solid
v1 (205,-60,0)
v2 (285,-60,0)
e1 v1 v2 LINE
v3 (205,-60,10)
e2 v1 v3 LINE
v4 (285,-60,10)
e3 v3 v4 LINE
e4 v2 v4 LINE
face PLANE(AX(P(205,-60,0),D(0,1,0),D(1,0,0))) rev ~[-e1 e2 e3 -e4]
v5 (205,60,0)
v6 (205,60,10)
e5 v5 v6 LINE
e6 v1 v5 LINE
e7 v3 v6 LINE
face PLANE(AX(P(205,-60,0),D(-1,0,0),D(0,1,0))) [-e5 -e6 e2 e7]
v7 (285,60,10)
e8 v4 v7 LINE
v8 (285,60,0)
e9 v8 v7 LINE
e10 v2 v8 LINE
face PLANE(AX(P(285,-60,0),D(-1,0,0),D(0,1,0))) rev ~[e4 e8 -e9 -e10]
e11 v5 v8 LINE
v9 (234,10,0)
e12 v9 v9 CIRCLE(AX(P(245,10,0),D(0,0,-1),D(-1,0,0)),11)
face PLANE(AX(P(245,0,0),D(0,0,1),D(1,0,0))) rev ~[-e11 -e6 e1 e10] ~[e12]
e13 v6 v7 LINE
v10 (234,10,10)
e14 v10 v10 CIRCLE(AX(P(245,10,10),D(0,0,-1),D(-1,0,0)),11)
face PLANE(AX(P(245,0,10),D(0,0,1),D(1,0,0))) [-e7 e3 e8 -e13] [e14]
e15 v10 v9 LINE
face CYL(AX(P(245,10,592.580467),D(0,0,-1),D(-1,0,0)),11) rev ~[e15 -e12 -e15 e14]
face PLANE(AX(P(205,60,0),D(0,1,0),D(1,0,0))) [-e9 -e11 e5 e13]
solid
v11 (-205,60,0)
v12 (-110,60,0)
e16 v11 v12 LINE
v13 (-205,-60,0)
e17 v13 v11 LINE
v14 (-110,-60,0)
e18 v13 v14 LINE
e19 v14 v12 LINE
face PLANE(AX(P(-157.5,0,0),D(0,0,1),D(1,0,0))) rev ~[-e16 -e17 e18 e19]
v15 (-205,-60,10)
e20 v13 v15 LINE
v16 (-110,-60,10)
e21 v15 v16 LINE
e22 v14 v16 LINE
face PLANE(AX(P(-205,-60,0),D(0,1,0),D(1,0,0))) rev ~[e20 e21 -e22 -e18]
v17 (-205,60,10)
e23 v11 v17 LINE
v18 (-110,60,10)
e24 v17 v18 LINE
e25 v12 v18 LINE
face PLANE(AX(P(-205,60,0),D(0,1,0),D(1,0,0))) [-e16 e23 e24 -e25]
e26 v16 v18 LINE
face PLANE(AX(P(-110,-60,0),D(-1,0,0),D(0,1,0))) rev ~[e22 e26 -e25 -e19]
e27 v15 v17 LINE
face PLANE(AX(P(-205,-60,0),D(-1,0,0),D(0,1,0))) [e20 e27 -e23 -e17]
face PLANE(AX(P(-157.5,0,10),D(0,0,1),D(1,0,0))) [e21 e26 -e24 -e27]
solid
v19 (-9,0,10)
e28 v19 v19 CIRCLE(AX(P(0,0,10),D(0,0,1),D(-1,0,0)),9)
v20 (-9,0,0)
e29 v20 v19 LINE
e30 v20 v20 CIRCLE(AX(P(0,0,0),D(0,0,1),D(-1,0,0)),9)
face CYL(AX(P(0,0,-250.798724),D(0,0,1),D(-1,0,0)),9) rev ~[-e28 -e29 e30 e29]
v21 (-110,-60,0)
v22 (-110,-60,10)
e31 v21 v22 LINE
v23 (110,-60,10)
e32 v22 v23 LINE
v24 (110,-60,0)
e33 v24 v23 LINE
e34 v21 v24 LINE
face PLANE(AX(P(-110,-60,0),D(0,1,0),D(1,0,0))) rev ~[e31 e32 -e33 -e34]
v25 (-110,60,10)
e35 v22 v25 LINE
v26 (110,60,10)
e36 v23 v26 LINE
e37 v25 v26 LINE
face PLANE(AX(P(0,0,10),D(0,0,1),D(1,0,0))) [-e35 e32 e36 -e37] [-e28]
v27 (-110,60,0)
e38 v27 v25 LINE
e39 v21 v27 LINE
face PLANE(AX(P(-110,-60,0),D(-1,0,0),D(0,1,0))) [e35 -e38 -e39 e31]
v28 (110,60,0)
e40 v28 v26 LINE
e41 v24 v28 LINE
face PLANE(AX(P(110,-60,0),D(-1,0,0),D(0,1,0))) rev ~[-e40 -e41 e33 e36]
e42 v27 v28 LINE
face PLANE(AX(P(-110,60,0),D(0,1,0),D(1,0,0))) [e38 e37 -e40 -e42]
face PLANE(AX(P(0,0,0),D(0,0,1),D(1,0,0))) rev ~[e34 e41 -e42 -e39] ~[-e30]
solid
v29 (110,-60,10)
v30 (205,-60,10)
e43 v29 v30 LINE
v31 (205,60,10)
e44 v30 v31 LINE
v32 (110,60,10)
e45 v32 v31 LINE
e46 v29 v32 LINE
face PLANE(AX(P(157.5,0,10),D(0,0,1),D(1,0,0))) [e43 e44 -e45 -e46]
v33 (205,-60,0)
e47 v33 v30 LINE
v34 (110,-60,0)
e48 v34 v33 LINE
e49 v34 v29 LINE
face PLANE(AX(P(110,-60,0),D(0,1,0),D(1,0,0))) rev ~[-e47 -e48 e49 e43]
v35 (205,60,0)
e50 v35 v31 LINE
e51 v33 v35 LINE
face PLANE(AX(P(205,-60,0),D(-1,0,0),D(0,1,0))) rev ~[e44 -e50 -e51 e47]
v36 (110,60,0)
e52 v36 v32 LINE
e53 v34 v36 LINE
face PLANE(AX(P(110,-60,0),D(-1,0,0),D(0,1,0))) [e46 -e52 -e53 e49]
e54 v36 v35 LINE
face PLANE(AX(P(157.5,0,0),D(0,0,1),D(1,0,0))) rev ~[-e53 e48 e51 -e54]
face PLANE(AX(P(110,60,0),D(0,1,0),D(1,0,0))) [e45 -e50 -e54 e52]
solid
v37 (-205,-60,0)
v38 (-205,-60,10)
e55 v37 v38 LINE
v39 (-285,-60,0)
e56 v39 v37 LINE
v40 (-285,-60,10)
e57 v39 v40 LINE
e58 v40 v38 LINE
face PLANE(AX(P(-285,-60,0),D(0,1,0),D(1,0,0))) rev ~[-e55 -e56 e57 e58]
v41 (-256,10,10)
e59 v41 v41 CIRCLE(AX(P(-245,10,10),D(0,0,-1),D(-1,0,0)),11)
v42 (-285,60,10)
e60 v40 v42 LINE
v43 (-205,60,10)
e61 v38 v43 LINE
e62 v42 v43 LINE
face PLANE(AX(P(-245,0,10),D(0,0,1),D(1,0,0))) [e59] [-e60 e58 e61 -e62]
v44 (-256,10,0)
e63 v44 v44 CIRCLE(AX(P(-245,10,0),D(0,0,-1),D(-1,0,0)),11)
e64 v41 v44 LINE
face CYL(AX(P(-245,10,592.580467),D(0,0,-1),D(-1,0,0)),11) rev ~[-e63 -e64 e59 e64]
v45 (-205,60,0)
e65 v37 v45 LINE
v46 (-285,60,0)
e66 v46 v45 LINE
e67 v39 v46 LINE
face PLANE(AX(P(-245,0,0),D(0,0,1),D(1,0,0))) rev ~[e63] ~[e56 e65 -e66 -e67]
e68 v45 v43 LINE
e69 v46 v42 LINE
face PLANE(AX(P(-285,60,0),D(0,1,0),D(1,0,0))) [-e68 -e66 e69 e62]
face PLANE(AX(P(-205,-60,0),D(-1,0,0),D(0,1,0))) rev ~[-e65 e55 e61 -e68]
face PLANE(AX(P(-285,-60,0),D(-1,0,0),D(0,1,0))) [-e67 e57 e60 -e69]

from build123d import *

# Parameters (mm, degrees)
F0_W     = 80
F0_H     = 120
F1_DEPTH = 10
F0_W_2   = 220
F2_DEPTH = 10
F0_W_3   = 95
F3_DEPTH = 10
F5_D     = 18
F6_D     = 22


with BuildPart() as f1:
    # F0 (on Top) → F1 (new body)
    with BuildSketch(Plane.XY):
        with Locations((245, 0)):
            Rectangle(F0_W, F0_H)
        with Locations((-245, 0)):
            Rectangle(F0_W, F0_H)
    extrude(amount=F1_DEPTH)

    # F6 (through all)
    with Locations(Plane.XY.offset(10)):
        with Locations((-245, 10), (245, 10)):
            Hole(F6_D / 2)


with BuildPart() as f2:
    # F0 (on Top) → F2 (new body)
    with BuildSketch(Plane.XY):
        Rectangle(F0_W_2, F0_H)
    extrude(amount=F2_DEPTH)

    # F5 (through all)
    with Locations(Plane(origin=(0, 0, 0), x_dir=(1, 0, 0), z_dir=(0, 0, -1))):
        with Locations((0, 0)):
            Hole(F5_D / 2)


with BuildPart() as f3:
    # F0 (on Top) → F3 (new body)
    with BuildSketch(Plane.XY):
        with Locations((-157.5, 0)):
            Rectangle(F0_W_3, F0_H)
        with Locations((157.5, 0)):
            Rectangle(F0_W_3, F0_H)
    extrude(amount=F3_DEPTH)


solid = Compound([f1.part, f2.part, f3.part])
